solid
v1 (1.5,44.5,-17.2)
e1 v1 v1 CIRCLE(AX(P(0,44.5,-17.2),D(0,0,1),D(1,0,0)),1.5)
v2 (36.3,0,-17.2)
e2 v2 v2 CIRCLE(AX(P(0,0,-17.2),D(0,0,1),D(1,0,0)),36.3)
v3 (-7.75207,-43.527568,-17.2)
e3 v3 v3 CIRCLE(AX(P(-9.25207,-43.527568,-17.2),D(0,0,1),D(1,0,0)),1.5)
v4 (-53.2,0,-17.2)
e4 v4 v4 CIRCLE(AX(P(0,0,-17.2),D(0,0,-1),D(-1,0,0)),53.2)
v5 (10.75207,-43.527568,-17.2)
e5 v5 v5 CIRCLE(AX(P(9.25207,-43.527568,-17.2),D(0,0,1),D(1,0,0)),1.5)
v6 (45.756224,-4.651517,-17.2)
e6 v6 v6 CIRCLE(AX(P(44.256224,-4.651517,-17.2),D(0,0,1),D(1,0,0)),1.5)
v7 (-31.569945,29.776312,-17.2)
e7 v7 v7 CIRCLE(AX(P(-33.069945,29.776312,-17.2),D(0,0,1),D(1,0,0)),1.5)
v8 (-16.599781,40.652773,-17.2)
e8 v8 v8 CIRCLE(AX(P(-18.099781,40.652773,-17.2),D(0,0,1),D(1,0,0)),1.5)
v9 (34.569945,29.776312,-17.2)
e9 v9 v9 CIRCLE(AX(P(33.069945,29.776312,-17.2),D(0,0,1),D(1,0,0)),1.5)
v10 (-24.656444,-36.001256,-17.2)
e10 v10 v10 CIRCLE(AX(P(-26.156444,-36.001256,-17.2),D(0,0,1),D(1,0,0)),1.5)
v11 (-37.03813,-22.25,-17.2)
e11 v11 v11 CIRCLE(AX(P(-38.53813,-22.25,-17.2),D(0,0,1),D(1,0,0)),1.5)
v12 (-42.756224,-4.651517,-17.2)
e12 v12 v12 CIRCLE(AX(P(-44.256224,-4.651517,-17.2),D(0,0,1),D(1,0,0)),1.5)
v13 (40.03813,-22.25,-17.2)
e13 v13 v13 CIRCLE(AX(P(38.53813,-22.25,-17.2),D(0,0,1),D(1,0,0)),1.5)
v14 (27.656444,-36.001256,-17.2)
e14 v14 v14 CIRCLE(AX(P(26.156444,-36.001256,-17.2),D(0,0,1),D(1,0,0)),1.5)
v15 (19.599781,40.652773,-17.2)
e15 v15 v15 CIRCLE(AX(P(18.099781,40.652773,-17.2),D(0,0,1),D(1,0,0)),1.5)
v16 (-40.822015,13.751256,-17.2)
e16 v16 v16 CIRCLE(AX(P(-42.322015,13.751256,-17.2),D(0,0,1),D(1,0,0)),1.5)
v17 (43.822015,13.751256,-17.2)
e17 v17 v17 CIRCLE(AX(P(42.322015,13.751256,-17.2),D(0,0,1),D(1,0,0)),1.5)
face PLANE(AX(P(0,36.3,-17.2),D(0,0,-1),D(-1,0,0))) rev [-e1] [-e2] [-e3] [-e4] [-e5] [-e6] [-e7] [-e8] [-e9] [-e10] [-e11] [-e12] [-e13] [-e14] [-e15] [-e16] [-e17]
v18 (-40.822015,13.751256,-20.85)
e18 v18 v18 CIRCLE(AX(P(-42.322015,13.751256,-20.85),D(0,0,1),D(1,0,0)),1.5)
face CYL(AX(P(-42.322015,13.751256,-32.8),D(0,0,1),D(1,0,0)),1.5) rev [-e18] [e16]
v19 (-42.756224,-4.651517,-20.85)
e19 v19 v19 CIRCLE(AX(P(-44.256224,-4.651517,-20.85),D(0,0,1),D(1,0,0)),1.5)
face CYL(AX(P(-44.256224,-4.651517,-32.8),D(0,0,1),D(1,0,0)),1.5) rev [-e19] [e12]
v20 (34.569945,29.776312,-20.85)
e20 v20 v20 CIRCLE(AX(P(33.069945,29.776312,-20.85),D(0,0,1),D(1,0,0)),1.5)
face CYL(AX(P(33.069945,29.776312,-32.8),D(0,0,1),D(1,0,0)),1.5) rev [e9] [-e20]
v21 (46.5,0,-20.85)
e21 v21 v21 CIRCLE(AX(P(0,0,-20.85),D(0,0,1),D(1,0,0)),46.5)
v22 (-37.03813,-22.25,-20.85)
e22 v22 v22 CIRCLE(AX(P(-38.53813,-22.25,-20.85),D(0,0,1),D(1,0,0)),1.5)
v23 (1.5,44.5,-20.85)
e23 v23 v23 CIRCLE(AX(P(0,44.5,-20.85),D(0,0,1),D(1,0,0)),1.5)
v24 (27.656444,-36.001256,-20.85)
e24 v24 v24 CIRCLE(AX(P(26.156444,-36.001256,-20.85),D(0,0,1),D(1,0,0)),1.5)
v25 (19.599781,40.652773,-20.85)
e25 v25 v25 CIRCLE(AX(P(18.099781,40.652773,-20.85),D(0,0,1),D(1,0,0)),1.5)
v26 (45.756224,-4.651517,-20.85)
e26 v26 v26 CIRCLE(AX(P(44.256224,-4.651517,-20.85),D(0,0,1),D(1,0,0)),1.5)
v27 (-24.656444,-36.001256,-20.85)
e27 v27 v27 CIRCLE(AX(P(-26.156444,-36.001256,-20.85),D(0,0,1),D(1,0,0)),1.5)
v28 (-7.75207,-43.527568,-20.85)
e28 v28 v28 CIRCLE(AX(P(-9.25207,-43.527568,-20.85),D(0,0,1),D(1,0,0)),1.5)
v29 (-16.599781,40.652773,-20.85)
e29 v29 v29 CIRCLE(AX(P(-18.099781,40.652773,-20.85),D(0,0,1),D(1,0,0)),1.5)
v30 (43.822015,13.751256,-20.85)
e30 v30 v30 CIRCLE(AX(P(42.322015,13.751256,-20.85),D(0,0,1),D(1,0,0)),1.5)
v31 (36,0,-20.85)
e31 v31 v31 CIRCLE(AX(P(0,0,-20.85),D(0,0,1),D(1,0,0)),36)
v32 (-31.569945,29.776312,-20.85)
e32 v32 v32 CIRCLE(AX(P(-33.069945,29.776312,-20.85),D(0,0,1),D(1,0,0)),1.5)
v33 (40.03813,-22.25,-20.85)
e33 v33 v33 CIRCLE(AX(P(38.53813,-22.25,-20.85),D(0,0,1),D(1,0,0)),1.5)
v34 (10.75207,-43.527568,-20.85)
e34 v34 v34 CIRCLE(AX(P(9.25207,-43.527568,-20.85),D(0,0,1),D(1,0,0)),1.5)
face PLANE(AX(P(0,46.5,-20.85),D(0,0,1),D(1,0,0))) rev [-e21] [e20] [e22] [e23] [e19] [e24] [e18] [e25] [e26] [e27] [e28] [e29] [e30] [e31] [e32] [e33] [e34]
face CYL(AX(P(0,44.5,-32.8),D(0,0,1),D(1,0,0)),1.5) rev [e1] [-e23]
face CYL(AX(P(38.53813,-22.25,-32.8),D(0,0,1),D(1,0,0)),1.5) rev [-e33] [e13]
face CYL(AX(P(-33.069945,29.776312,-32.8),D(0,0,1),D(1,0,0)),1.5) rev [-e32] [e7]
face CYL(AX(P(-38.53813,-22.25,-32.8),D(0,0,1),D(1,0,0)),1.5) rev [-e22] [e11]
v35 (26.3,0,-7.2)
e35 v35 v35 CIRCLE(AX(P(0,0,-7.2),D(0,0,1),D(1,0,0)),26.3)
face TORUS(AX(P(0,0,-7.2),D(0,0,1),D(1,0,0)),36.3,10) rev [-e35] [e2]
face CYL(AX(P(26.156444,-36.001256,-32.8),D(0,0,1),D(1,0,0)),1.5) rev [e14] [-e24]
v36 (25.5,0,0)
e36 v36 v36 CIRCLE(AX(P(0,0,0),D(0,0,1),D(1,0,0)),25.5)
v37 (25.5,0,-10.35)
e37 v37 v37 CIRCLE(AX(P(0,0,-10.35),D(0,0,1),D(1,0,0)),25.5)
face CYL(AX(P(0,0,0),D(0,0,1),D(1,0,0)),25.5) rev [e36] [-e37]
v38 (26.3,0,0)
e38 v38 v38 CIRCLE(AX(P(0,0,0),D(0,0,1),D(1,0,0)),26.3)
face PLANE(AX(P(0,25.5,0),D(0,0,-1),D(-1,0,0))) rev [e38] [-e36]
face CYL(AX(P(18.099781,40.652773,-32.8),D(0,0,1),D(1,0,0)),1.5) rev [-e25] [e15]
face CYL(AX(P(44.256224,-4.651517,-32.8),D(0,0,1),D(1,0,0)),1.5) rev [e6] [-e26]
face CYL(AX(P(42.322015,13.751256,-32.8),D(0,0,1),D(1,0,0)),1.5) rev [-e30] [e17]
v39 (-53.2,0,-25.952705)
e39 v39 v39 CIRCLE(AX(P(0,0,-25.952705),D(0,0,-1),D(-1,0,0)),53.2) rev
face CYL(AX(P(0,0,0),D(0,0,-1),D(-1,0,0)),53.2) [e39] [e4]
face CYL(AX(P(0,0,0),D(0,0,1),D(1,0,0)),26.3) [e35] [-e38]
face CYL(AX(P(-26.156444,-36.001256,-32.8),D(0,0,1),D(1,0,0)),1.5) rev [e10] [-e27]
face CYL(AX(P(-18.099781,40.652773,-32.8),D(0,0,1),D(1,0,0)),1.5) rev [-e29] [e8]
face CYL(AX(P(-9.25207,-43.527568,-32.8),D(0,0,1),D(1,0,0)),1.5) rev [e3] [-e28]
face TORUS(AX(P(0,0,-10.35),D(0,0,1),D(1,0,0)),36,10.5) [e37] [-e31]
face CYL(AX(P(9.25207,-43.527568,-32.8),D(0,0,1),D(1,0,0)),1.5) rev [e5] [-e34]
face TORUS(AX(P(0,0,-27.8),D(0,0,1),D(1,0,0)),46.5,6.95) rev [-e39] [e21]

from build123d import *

# Parameters (mm, degrees)
ESQUISSE2_R                  = 1.5
ENL_V_MAT_EXTRU_1_DEPTH      = 83.632227369
ESQUISSE3_R                  = 1
ENL_V_MAT_EXTRU_2_DEPTH      = 3
R_P_TITION_CIRCULAIRE1_COUNT = 4
SKETCH1_R                    = 57.15
SKETCH1_R_2                  = 53.2
CUT_EXTRUDE1_DEPTH           = 88.2243372


with BuildPart() as part:
    # Esquisse1 → Base-Révolution (revolve)
    with BuildSketch(Plane(origin=(0, 0, 0), x_dir=(0, 0, -1), z_dir=(1, 0, 0)), mode=Mode.PRIVATE) as base_r_volution_sk:
        with BuildLine():
            Line((0, 25.5), (0, 26.3))
            Line((0, 26.3), (7.2, 26.3))
            ThreePointArc((7.2, 26.3), (14.271067812, 29.228932188), (17.2, 36.3))
            Line((17.2, 36.3), (17.2, 56))
            Line((17.2, 56), (22, 56))
            Line((22, 56), (22, 57.15))
            Line((22, 57.15), (32.8, 57.15))
            Line((32.8, 57.15), (32.8, 54.6))
            Line((32.8, 54.6), (27.8, 54.6))
            Line((27.8, 54.6), (27.8, 53.45))
            ThreePointArc((27.8, 53.45), (22.885607871, 51.414392129), (20.85, 46.5))
            Line((20.85, 46.5), (20.85, 36))
            ThreePointArc((20.85, 36), (17.774621202, 28.575378798), (10.35, 25.5))
            Line((10.35, 25.5), (1.5, 25.5))
            Line((1.5, 25.5), (0, 25.5))
        make_face()
    revolve(base_r_volution_sk.sketch.rotate(Axis((0, 0, 0), (0, 0, -1)), 90), axis=Axis((0, 0, 0), (0, 0, -1)))

    # Esquisse2 → Enlèv. mat.-Extru.1 (cut, through all)
    with BuildSketch(Plane.XY.offset(-17.2)):
        with Locations((0, 44.5)):
            Circle(ESQUISSE2_R)
        with Locations((18.099780617, 40.652772865)):
            Circle(ESQUISSE2_R)
        with Locations((33.069944734, 29.776311983)):
            Circle(ESQUISSE2_R)
        with Locations((42.322014975, 13.75125625)):
            Circle(ESQUISSE2_R)
        with Locations((44.256224344, -4.651516615)):
            Circle(ESQUISSE2_R)
        with Locations((38.538130468, -22.25)):
            Circle(ESQUISSE2_R)
        with Locations((26.156443727, -36.00125625)):
            Circle(ESQUISSE2_R)
        with Locations((9.252070241, -43.527568233)):
            Circle(ESQUISSE2_R)
        with Locations((-9.252070241, -43.527568233)):
            Circle(ESQUISSE2_R)
        with Locations((-26.156443727, -36.00125625)):
            Circle(ESQUISSE2_R)
        with Locations((-38.538130468, -22.25)):
            Circle(ESQUISSE2_R)
        with Locations((-44.256224344, -4.651516615)):
            Circle(ESQUISSE2_R)
        with Locations((-42.322014975, 13.75125625)):
            Circle(ESQUISSE2_R)
        with Locations((-33.069944734, 29.776311983)):
            Circle(ESQUISSE2_R)
        with Locations((-18.099780617, 40.652772865)):
            Circle(ESQUISSE2_R)
    extrude(amount=-ENL_V_MAT_EXTRU_1_DEPTH, mode=Mode.SUBTRACT)

    # Esquisse3 → Enlèv. mat.-Extru.2 (cut)
    with BuildSketch(Plane(origin=(0, 57.5, 0), x_dir=(-1, 0, 0), z_dir=(0, 1, 0))):
        with Locations(Location((0, -19.5, 0), (0, 0, 90))):
            Circle(ESQUISSE3_R)
    enl_v_mat_extru_2 = extrude(amount=-ENL_V_MAT_EXTRU_2_DEPTH, mode=Mode.SUBTRACT)

    # Répétition circulaire1: Enlèv. mat.-Extru.2 ×4 about axis
    r_p_tition_circulaire1_axis = Axis((0, 0, 0), (0, 0, 1))
    for i in range(1, R_P_TITION_CIRCULAIRE1_COUNT):
        add(enl_v_mat_extru_2.rotate(r_p_tition_circulaire1_axis, i * 360 / R_P_TITION_CIRCULAIRE1_COUNT), mode=Mode.SUBTRACT)

    # Sketch1 → Cut-Extrude1 (cut, through all)
    with BuildSketch(Plane(origin=(0, 0, -32.8), x_dir=(-1, 0, 0), z_dir=(0, 0, -1))):
        Circle(SKETCH1_R)
        Circle(SKETCH1_R_2, mode=Mode.SUBTRACT)
    extrude(amount=-CUT_EXTRUDE1_DEPTH, mode=Mode.SUBTRACT)


solid = part.part
